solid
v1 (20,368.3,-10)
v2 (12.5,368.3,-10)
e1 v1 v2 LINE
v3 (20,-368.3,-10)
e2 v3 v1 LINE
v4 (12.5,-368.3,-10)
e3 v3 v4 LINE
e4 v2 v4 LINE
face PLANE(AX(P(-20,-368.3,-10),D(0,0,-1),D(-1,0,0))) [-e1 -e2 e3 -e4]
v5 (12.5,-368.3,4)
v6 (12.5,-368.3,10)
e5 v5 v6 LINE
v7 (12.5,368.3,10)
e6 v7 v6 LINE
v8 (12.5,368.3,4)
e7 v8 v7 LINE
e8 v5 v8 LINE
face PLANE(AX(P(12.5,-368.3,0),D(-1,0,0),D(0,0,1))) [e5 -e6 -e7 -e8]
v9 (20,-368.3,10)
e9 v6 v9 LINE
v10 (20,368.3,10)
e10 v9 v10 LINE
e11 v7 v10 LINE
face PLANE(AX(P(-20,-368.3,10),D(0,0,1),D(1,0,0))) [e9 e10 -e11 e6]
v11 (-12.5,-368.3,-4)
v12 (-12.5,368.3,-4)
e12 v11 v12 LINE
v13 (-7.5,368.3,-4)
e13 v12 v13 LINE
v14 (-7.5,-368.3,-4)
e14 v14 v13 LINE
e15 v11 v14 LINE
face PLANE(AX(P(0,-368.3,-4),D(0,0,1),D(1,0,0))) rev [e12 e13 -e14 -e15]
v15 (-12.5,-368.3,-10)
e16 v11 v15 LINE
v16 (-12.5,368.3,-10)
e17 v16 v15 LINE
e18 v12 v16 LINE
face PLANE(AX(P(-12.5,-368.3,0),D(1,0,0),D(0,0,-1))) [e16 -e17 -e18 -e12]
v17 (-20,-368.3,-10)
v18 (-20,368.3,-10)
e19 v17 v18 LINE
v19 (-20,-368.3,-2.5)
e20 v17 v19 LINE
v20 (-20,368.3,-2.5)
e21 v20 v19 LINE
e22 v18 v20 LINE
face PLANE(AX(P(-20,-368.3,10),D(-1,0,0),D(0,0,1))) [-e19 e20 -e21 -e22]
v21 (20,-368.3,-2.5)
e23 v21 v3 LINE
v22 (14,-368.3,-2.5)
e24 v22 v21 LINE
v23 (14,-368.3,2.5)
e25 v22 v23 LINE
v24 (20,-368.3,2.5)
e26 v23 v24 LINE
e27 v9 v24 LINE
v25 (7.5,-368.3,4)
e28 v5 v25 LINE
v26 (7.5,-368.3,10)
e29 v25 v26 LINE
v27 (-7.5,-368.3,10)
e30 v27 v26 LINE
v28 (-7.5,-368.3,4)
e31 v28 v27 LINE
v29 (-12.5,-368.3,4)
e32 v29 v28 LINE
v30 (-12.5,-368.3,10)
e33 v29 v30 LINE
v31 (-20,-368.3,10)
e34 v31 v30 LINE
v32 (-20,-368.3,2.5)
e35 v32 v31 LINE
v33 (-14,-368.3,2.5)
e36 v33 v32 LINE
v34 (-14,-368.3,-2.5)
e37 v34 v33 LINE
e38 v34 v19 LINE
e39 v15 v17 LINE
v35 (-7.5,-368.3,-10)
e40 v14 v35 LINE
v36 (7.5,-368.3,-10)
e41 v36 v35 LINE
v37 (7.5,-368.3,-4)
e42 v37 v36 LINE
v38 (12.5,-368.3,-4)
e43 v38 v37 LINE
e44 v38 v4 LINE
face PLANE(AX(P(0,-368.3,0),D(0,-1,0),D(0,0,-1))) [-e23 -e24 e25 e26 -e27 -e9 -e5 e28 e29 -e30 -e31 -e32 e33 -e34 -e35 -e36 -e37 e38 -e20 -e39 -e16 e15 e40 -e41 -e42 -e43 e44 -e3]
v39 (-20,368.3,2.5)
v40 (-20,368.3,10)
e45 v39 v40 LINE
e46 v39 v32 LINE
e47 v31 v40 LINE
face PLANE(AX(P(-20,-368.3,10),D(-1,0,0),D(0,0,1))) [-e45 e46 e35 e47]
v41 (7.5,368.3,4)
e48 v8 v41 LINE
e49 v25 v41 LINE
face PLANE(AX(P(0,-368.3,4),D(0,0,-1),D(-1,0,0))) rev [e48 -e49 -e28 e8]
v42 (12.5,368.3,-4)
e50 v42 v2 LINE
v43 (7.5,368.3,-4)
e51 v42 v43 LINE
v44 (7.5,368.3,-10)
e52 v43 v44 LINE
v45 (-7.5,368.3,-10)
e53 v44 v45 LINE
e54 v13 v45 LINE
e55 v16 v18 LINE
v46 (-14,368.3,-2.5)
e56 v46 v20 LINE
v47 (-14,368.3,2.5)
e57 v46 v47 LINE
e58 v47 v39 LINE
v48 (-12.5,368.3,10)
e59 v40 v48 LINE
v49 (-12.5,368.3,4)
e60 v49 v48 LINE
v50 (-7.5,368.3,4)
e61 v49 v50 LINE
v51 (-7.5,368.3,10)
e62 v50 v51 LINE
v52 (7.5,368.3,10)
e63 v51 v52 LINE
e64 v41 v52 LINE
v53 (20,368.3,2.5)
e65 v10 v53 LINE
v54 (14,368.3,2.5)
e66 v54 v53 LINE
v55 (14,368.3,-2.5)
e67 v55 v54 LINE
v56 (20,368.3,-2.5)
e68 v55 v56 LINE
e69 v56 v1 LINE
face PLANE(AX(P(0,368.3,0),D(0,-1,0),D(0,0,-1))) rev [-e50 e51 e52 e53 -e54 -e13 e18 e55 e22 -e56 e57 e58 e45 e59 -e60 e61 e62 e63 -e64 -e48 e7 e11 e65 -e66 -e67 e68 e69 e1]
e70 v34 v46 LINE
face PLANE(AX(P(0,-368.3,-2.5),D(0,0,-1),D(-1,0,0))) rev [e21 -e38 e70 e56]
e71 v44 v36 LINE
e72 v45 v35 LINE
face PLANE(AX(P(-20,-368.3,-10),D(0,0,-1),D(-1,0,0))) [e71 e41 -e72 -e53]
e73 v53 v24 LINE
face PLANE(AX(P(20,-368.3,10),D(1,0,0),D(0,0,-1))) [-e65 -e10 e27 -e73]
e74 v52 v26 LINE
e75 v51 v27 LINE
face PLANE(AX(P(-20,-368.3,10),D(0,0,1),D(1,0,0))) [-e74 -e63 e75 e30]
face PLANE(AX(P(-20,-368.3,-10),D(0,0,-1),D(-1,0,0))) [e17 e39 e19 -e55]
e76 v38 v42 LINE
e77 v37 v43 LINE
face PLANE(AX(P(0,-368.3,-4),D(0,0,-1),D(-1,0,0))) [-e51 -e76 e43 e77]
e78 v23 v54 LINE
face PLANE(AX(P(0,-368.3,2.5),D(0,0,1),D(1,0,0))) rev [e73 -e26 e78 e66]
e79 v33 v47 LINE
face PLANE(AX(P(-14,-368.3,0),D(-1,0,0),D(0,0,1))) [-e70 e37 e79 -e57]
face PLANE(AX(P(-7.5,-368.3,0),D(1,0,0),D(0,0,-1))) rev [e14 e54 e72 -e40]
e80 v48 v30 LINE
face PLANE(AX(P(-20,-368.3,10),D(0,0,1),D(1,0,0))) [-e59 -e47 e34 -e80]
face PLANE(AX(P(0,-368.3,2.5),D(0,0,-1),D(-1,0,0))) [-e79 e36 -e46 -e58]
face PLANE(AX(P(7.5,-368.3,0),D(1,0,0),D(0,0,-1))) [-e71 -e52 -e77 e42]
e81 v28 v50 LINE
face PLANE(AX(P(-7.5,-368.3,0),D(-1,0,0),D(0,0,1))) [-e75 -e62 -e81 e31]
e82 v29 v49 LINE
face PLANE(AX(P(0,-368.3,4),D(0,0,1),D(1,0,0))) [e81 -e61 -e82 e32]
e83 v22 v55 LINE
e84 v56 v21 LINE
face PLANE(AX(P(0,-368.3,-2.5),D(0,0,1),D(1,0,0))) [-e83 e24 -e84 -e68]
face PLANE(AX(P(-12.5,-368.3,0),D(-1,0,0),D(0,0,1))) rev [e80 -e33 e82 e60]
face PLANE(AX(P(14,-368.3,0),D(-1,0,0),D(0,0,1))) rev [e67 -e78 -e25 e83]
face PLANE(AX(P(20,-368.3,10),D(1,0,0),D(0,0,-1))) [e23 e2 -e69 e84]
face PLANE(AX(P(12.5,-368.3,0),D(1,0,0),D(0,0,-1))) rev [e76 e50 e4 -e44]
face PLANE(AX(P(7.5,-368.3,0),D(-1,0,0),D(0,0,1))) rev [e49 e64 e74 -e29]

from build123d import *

# Parameters (mm, degrees)
BOSS_EXTRUDE1_DEPTH      = 368.3
BOSS_EXTRUDE1_DEPTH_BACK = 368.3
SKETCH1_W                = 40
SKETCH1_H                = 20
CUT_EXTRUDE1_DEPTH       = 369.978170086
CUT_EXTRUDE1_DEPTH_BACK  = 369.978170086
SKETCH2_W                = 5
SKETCH2_H                = 12
SKETCH2_W_2              = 12
SKETCH2_H_2              = 5


with BuildPart() as part:
    # Sketch1 → Boss-Extrude1 (new, two sides: drawn at the far end of the back side and taken through both)
    with BuildSketch(Plane(origin=(0, 0, 0), x_dir=(1, 0, 0), z_dir=(0, 1, 0)).offset(-BOSS_EXTRUDE1_DEPTH_BACK)):
        Rectangle(SKETCH1_W, SKETCH1_H)
    extrude(amount=BOSS_EXTRUDE1_DEPTH + BOSS_EXTRUDE1_DEPTH_BACK)

    # Sketch2 → Cut-Extrude1 (cut, two sides: drawn at the far end of the back side and taken through both)
    with BuildSketch(Plane(origin=(0, 0, 0), x_dir=(1, 0, 0), z_dir=(0, 1, 0)).offset(-CUT_EXTRUDE1_DEPTH_BACK)):
        with Locations((-10, 10)):
            Rectangle(SKETCH2_W, SKETCH2_H)
        with Locations((-10, -10)):
            Rectangle(SKETCH2_W, SKETCH2_H)
        with Locations((-20, 0)):
            Rectangle(SKETCH2_W_2, SKETCH2_H_2)
        with Locations((10, 10)):
            Rectangle(SKETCH2_W, SKETCH2_H)
        with Locations((20, 0)):
            Rectangle(SKETCH2_W_2, SKETCH2_H_2)
        with Locations((10, -10)):
            Rectangle(SKETCH2_W, SKETCH2_H)
    extrude(amount=CUT_EXTRUDE1_DEPTH + CUT_EXTRUDE1_DEPTH_BACK, mode=Mode.SUBTRACT)


solid = part.part
